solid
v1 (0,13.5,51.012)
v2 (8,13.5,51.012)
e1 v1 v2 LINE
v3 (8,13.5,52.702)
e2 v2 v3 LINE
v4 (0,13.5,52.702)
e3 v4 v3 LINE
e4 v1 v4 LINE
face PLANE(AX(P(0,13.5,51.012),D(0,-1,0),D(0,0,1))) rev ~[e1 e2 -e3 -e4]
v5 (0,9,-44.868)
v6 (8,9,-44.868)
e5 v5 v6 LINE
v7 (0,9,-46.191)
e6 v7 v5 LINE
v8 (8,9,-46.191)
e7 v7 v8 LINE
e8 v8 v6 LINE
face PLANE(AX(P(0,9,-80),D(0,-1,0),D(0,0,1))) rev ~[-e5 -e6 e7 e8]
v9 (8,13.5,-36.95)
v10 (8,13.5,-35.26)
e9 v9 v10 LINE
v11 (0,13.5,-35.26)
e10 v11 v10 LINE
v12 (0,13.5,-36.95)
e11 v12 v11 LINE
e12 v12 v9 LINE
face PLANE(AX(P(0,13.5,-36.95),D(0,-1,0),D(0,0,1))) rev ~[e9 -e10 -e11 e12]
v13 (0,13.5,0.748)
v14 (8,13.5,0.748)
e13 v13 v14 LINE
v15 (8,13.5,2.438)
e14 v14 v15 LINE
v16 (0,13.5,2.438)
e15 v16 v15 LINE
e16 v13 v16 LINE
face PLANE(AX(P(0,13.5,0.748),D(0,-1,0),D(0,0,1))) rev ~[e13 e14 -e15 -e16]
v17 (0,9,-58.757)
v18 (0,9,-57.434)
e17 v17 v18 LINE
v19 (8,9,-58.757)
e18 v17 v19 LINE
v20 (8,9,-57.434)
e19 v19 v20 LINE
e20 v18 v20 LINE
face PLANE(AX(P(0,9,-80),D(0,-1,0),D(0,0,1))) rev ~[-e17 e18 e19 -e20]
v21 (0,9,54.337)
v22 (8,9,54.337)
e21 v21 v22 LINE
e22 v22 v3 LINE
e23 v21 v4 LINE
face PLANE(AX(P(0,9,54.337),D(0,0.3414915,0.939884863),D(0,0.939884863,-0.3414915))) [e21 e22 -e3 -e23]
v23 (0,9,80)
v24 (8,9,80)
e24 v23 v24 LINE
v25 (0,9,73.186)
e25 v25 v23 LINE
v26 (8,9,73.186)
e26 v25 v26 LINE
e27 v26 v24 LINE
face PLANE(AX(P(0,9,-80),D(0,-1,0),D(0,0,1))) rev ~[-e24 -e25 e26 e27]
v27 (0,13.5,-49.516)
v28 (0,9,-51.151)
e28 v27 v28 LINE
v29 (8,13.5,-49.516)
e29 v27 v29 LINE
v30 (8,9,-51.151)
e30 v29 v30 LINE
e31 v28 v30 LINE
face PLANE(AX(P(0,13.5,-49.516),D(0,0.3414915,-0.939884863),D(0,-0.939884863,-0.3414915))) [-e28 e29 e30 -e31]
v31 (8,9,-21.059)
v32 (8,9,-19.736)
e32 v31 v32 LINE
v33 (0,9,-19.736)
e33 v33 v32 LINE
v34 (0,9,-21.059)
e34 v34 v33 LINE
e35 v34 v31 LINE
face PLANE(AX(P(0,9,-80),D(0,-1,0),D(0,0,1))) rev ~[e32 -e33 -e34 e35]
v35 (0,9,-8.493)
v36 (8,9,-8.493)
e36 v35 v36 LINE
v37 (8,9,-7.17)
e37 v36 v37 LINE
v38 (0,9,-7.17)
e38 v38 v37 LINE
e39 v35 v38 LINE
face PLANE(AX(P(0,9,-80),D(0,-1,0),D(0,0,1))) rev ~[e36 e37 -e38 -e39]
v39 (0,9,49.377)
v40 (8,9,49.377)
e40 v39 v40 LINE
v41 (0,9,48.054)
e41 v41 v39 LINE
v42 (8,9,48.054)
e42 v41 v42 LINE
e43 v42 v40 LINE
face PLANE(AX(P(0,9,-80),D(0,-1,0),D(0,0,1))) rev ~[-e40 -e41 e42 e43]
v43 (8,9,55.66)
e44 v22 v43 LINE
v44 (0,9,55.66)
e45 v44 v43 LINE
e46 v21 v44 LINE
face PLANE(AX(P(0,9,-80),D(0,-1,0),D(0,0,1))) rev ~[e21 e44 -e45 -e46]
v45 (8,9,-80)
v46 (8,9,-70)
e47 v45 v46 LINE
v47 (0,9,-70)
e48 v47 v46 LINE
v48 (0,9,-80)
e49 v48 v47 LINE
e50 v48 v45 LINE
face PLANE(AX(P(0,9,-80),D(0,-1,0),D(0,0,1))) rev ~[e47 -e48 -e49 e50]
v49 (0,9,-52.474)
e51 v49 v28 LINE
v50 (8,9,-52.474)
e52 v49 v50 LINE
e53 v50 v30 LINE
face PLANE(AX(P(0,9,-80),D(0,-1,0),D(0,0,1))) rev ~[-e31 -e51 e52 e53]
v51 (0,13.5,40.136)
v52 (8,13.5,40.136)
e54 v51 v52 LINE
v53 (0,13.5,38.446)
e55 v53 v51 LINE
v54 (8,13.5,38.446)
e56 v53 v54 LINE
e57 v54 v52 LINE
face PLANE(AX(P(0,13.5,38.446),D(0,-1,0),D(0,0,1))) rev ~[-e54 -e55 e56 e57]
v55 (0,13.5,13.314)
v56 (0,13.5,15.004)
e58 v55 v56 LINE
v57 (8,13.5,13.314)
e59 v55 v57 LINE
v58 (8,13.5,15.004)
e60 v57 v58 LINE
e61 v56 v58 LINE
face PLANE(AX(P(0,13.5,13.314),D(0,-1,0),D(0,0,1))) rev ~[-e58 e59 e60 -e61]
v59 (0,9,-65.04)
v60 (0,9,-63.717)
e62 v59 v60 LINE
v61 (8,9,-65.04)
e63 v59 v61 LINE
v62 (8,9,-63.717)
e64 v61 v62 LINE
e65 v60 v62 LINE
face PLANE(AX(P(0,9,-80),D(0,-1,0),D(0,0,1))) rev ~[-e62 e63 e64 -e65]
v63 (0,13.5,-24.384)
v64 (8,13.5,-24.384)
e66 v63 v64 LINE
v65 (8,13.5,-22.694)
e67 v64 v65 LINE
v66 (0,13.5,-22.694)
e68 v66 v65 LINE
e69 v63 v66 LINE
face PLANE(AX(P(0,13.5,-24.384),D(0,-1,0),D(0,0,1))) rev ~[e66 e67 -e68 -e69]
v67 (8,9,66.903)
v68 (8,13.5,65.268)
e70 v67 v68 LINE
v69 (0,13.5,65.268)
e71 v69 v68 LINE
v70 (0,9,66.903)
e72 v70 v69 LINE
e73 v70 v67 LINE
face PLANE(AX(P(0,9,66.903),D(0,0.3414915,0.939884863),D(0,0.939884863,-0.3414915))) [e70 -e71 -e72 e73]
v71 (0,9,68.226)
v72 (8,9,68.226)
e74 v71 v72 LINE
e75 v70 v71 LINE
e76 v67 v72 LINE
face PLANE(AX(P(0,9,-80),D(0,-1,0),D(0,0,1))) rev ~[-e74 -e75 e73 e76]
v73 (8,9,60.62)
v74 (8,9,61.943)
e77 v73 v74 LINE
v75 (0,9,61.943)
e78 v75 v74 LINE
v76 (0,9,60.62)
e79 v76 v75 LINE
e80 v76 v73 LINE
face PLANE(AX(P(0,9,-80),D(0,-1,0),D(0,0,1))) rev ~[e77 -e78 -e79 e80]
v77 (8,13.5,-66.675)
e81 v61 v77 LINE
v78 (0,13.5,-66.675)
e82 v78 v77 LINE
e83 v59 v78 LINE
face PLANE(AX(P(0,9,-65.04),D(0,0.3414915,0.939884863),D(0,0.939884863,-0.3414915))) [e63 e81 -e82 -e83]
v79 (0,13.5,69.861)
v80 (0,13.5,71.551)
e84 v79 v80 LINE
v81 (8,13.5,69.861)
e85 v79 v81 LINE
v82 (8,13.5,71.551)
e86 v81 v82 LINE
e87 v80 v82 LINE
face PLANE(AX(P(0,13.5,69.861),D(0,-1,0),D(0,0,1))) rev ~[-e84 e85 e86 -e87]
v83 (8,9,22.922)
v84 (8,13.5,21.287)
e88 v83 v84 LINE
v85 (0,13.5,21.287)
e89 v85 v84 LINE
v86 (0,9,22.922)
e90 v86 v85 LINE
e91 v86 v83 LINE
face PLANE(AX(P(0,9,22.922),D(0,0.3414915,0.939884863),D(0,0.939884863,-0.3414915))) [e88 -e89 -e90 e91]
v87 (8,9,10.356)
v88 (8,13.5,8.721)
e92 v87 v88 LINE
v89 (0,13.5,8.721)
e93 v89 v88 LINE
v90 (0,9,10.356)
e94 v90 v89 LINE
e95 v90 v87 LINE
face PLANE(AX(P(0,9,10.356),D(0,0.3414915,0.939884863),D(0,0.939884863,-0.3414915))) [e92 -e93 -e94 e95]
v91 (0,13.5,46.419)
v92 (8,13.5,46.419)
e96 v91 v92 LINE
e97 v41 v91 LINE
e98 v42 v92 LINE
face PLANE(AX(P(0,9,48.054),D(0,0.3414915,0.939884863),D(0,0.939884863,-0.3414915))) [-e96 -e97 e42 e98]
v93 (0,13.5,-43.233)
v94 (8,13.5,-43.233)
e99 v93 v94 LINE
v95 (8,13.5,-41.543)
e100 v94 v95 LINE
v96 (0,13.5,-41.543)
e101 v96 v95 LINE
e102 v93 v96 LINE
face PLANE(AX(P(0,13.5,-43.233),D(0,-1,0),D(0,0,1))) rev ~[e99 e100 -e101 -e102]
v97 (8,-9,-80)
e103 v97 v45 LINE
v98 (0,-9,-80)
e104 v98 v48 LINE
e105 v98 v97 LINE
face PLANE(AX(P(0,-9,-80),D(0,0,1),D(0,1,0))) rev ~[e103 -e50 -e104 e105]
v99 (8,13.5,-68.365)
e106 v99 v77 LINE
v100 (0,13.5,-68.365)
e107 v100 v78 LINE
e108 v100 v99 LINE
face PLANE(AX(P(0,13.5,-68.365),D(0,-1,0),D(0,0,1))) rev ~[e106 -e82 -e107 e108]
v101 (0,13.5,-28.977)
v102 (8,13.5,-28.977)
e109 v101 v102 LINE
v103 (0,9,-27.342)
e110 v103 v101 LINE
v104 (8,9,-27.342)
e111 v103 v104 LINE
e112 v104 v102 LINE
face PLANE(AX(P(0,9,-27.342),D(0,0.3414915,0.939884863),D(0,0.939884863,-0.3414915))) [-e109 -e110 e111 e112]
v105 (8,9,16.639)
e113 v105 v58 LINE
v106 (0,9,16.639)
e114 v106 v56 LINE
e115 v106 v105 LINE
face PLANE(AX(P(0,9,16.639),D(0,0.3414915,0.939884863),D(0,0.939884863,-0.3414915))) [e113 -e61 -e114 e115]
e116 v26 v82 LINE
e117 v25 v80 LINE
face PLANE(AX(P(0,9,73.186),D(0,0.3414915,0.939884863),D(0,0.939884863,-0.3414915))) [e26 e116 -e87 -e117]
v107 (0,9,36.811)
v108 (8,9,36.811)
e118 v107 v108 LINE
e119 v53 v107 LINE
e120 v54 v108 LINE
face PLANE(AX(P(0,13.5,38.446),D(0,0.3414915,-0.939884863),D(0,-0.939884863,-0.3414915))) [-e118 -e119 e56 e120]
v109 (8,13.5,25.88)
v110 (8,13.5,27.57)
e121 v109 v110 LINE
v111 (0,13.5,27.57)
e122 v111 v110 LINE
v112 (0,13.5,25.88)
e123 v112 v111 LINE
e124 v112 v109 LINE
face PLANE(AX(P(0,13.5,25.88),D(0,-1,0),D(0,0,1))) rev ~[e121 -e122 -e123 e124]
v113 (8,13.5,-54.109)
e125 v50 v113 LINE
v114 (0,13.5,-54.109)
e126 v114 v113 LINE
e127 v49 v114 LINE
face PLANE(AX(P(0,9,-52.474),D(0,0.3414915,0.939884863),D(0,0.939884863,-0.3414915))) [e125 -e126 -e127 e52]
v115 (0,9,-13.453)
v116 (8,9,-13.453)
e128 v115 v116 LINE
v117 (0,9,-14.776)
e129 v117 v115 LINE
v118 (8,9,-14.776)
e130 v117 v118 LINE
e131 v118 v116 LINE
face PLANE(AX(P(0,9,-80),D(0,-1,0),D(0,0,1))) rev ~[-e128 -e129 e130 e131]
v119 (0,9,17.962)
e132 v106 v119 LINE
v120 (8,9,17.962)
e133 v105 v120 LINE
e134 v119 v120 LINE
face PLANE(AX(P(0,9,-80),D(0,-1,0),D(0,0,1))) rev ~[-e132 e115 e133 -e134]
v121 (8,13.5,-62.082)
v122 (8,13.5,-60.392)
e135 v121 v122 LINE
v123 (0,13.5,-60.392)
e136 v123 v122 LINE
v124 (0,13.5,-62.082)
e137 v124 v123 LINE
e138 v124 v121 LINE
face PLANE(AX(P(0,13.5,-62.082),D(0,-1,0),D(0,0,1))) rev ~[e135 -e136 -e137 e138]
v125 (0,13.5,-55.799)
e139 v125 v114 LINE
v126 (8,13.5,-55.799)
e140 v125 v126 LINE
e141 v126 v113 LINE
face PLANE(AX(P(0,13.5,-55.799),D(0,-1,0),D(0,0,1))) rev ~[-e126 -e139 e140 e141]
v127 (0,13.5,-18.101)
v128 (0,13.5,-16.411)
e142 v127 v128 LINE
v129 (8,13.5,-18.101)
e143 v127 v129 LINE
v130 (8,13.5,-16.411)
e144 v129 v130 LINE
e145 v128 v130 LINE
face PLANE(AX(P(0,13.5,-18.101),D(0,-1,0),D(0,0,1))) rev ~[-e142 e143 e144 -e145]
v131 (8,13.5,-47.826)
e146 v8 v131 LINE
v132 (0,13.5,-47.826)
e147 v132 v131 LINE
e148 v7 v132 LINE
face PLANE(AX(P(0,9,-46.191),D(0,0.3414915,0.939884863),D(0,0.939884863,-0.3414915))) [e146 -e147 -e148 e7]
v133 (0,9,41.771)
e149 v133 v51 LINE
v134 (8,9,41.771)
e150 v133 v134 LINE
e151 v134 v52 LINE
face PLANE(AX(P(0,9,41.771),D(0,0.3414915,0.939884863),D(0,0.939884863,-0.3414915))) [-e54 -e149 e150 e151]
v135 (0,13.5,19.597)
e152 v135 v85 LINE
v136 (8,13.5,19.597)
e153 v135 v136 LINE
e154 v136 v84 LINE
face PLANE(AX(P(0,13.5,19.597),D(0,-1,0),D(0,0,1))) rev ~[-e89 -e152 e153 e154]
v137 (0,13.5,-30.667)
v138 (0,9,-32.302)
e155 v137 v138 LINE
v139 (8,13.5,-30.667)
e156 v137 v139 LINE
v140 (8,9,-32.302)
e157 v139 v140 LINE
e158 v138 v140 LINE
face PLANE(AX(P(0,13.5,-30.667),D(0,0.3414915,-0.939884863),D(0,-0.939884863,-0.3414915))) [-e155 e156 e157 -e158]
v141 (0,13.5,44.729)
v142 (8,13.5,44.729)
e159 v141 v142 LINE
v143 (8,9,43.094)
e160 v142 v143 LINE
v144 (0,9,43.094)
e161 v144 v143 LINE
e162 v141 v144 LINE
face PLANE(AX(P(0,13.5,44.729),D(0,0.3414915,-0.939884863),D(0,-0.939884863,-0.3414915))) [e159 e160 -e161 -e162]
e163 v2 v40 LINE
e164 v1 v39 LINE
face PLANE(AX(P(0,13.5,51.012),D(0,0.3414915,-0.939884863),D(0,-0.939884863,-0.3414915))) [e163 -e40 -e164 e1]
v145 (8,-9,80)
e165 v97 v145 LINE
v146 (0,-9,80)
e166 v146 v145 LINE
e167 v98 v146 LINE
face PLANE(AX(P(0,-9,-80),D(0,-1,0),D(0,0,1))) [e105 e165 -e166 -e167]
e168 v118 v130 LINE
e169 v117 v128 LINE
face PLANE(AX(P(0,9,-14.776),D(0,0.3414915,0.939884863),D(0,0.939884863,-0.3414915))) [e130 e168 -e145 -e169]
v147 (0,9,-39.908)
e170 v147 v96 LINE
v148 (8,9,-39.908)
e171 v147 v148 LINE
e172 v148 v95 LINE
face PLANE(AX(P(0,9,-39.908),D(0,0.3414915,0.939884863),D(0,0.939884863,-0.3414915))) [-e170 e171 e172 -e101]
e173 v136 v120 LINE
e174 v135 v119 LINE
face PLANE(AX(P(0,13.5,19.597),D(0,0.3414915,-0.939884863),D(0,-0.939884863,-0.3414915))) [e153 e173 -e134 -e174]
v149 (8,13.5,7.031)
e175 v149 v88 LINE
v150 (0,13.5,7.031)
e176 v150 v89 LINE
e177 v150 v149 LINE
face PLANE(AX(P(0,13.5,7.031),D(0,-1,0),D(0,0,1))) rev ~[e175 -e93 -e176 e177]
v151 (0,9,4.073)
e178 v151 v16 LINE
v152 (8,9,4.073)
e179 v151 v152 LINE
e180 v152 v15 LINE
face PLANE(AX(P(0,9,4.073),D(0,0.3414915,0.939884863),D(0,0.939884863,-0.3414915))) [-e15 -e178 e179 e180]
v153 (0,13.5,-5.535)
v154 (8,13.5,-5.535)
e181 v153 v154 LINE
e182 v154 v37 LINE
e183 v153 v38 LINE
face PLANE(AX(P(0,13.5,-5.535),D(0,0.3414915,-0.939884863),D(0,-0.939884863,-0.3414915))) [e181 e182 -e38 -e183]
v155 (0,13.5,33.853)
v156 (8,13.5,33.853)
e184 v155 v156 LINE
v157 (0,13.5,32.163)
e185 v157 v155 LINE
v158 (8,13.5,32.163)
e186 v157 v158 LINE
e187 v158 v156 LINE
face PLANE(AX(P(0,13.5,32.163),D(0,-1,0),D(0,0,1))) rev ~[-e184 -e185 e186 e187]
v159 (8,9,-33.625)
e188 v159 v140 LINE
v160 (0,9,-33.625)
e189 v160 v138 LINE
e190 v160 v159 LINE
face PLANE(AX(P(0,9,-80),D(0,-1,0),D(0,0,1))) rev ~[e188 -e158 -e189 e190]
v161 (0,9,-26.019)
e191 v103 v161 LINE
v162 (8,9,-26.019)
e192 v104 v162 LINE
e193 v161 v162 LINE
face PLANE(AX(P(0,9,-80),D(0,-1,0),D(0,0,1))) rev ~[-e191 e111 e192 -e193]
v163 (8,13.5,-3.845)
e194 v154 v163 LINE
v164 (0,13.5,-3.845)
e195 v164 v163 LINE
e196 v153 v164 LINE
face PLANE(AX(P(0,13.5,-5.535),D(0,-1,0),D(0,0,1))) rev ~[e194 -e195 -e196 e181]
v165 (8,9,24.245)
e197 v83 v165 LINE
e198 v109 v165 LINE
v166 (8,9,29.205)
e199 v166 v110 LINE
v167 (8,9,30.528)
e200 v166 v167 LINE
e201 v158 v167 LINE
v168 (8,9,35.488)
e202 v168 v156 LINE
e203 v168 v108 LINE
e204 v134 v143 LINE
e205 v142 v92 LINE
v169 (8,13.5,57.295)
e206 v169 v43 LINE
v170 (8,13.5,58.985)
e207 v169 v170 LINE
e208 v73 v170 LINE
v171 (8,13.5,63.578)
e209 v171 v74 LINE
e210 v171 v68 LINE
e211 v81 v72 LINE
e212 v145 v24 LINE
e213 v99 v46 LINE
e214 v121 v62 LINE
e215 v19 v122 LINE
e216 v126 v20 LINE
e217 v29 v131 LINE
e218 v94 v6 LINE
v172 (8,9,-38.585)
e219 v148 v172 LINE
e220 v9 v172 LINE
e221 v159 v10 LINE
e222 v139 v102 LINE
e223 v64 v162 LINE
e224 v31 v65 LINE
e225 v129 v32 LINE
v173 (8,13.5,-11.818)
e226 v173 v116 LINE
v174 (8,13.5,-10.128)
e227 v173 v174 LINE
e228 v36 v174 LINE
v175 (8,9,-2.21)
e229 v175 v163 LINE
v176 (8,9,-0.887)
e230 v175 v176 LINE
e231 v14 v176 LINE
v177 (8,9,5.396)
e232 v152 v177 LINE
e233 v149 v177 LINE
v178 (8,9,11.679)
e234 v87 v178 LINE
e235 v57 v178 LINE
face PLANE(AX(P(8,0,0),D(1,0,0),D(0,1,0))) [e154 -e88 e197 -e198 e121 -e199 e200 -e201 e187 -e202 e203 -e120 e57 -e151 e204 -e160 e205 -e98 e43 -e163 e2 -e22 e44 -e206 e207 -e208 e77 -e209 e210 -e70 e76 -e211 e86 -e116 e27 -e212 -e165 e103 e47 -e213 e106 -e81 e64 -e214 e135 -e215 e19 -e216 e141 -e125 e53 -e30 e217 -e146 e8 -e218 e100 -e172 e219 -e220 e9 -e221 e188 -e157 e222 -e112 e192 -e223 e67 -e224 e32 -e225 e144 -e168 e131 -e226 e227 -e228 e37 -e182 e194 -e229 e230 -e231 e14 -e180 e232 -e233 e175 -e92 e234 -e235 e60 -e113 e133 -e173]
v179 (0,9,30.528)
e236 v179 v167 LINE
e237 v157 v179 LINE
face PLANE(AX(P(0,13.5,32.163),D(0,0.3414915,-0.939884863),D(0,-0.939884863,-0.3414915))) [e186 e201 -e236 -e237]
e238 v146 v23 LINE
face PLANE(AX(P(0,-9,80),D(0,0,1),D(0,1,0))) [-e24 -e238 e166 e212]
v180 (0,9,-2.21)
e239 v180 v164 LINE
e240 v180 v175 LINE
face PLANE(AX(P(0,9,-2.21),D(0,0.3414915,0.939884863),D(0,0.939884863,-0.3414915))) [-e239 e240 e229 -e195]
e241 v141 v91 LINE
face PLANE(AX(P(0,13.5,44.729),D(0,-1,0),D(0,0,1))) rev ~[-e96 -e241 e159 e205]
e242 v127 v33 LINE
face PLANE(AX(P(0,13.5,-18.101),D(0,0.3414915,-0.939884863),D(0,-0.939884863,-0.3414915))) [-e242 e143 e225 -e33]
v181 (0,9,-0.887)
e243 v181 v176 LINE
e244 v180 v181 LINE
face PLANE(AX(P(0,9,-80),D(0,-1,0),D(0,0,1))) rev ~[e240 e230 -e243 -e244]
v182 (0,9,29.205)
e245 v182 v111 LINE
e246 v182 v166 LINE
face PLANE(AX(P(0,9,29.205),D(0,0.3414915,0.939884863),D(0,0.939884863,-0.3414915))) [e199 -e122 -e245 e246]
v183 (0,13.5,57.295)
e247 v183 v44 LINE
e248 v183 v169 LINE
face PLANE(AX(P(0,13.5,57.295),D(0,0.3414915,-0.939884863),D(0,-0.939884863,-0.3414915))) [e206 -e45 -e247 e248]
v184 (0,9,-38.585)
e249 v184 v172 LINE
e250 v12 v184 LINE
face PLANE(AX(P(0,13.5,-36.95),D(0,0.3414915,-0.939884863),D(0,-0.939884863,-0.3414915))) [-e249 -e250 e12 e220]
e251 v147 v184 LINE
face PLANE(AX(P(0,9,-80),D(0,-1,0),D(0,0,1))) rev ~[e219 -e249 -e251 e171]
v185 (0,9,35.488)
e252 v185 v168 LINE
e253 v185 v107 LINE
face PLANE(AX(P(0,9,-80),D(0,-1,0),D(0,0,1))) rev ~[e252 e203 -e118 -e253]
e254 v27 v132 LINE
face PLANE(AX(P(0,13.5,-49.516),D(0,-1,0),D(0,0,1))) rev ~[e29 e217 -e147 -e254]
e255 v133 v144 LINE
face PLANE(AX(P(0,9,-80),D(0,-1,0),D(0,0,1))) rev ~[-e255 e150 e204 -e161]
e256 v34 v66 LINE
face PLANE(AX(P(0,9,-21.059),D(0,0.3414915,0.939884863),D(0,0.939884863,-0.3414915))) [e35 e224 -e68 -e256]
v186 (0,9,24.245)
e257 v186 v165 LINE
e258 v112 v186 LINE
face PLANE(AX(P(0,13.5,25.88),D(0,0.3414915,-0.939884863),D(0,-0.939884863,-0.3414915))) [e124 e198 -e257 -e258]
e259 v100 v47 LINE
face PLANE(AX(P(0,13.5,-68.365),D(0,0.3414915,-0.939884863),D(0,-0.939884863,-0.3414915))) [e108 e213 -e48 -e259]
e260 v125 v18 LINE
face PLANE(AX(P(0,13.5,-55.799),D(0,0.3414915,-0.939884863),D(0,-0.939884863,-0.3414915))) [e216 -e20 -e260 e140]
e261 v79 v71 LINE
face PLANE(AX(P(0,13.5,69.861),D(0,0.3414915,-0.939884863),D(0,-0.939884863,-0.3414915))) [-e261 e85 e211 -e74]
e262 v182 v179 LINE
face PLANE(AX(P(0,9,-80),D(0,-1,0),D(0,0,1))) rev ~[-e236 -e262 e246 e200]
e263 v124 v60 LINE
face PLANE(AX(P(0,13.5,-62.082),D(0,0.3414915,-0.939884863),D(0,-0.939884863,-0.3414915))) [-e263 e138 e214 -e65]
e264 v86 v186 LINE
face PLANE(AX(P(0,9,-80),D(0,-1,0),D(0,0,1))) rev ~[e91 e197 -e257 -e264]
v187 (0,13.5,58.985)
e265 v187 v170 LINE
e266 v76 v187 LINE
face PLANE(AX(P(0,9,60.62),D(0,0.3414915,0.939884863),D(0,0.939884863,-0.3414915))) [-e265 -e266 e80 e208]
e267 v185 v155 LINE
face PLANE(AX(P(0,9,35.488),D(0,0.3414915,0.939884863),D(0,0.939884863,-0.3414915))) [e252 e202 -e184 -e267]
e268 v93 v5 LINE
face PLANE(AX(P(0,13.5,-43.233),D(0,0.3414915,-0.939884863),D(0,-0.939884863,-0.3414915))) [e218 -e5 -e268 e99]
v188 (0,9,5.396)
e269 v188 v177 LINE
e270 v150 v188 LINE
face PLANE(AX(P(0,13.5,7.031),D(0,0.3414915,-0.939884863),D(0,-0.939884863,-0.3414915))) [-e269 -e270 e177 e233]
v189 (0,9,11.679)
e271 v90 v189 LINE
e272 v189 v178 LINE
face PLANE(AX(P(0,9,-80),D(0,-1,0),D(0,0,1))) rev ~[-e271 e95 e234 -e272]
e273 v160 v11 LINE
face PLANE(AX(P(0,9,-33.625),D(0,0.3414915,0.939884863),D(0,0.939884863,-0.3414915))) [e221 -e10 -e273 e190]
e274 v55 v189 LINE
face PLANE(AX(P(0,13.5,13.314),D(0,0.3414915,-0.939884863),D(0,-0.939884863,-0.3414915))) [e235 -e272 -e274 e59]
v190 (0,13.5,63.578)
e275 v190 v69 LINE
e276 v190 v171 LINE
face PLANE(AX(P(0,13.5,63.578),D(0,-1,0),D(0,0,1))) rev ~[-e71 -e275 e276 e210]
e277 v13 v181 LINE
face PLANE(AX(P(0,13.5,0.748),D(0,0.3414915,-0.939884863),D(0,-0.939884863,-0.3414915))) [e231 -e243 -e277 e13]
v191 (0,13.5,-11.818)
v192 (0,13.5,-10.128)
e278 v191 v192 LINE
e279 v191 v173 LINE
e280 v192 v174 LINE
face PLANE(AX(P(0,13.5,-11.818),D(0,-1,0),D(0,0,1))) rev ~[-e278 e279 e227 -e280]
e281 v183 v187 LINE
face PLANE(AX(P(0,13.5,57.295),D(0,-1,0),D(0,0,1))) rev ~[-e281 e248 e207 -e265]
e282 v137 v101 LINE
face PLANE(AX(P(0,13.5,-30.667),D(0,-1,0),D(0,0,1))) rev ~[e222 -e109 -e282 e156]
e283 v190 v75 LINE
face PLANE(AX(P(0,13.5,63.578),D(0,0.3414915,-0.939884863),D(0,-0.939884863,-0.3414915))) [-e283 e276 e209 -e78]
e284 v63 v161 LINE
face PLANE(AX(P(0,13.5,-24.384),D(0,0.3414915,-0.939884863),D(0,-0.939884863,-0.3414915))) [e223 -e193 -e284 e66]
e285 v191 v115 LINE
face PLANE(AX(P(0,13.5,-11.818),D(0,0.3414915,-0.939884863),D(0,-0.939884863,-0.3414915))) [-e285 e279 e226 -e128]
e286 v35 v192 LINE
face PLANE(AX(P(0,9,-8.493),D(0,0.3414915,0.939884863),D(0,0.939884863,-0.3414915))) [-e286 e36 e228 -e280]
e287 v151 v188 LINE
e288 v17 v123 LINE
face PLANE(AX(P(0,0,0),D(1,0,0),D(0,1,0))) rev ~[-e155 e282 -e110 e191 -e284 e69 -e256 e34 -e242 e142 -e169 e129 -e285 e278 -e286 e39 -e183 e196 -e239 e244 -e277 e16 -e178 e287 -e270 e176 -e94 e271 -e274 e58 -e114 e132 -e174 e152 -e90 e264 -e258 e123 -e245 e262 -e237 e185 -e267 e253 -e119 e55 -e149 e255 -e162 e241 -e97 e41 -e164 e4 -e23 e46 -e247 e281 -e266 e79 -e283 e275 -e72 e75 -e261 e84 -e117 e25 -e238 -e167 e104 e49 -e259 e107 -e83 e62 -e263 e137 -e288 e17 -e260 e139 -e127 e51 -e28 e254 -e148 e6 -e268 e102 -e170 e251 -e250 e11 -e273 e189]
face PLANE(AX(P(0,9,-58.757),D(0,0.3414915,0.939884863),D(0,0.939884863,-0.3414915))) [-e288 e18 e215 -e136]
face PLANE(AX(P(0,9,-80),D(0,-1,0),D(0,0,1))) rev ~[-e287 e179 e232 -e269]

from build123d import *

# Parameters (mm, degrees)
SKETCH1_W           = 18
SKETCH1_H           = 160
BOSS_EXTRUDE1_DEPTH = 8
BOSS_EXTRUDE2_DEPTH = 8
LPATTERN1_COUNT     = 23
LPATTERN1_PITCH     = 6.283


with BuildPart() as part:
    # Sketch1 → Boss-Extrude1 (new body)
    with BuildSketch(Plane.YZ):
        Rectangle(SKETCH1_W, SKETCH1_H)
    extrude(amount=BOSS_EXTRUDE1_DEPTH)

    # Sketch2 → Boss-Extrude2 (add)
    with BuildSketch(Plane.YZ):
        Polygon((9, -70), (9, -65.04), (13.5, -66.675), (13.5, -67.52), (13.5, -68.365), align=None)
    boss_extrude2 = extrude(amount=BOSS_EXTRUDE2_DEPTH)

    # LPattern1: Boss-Extrude2 ×23
    with Locations(*[(0, 0, i * LPATTERN1_PITCH) for i in range(1, LPATTERN1_COUNT)]):
        add(boss_extrude2)


solid = part.part
